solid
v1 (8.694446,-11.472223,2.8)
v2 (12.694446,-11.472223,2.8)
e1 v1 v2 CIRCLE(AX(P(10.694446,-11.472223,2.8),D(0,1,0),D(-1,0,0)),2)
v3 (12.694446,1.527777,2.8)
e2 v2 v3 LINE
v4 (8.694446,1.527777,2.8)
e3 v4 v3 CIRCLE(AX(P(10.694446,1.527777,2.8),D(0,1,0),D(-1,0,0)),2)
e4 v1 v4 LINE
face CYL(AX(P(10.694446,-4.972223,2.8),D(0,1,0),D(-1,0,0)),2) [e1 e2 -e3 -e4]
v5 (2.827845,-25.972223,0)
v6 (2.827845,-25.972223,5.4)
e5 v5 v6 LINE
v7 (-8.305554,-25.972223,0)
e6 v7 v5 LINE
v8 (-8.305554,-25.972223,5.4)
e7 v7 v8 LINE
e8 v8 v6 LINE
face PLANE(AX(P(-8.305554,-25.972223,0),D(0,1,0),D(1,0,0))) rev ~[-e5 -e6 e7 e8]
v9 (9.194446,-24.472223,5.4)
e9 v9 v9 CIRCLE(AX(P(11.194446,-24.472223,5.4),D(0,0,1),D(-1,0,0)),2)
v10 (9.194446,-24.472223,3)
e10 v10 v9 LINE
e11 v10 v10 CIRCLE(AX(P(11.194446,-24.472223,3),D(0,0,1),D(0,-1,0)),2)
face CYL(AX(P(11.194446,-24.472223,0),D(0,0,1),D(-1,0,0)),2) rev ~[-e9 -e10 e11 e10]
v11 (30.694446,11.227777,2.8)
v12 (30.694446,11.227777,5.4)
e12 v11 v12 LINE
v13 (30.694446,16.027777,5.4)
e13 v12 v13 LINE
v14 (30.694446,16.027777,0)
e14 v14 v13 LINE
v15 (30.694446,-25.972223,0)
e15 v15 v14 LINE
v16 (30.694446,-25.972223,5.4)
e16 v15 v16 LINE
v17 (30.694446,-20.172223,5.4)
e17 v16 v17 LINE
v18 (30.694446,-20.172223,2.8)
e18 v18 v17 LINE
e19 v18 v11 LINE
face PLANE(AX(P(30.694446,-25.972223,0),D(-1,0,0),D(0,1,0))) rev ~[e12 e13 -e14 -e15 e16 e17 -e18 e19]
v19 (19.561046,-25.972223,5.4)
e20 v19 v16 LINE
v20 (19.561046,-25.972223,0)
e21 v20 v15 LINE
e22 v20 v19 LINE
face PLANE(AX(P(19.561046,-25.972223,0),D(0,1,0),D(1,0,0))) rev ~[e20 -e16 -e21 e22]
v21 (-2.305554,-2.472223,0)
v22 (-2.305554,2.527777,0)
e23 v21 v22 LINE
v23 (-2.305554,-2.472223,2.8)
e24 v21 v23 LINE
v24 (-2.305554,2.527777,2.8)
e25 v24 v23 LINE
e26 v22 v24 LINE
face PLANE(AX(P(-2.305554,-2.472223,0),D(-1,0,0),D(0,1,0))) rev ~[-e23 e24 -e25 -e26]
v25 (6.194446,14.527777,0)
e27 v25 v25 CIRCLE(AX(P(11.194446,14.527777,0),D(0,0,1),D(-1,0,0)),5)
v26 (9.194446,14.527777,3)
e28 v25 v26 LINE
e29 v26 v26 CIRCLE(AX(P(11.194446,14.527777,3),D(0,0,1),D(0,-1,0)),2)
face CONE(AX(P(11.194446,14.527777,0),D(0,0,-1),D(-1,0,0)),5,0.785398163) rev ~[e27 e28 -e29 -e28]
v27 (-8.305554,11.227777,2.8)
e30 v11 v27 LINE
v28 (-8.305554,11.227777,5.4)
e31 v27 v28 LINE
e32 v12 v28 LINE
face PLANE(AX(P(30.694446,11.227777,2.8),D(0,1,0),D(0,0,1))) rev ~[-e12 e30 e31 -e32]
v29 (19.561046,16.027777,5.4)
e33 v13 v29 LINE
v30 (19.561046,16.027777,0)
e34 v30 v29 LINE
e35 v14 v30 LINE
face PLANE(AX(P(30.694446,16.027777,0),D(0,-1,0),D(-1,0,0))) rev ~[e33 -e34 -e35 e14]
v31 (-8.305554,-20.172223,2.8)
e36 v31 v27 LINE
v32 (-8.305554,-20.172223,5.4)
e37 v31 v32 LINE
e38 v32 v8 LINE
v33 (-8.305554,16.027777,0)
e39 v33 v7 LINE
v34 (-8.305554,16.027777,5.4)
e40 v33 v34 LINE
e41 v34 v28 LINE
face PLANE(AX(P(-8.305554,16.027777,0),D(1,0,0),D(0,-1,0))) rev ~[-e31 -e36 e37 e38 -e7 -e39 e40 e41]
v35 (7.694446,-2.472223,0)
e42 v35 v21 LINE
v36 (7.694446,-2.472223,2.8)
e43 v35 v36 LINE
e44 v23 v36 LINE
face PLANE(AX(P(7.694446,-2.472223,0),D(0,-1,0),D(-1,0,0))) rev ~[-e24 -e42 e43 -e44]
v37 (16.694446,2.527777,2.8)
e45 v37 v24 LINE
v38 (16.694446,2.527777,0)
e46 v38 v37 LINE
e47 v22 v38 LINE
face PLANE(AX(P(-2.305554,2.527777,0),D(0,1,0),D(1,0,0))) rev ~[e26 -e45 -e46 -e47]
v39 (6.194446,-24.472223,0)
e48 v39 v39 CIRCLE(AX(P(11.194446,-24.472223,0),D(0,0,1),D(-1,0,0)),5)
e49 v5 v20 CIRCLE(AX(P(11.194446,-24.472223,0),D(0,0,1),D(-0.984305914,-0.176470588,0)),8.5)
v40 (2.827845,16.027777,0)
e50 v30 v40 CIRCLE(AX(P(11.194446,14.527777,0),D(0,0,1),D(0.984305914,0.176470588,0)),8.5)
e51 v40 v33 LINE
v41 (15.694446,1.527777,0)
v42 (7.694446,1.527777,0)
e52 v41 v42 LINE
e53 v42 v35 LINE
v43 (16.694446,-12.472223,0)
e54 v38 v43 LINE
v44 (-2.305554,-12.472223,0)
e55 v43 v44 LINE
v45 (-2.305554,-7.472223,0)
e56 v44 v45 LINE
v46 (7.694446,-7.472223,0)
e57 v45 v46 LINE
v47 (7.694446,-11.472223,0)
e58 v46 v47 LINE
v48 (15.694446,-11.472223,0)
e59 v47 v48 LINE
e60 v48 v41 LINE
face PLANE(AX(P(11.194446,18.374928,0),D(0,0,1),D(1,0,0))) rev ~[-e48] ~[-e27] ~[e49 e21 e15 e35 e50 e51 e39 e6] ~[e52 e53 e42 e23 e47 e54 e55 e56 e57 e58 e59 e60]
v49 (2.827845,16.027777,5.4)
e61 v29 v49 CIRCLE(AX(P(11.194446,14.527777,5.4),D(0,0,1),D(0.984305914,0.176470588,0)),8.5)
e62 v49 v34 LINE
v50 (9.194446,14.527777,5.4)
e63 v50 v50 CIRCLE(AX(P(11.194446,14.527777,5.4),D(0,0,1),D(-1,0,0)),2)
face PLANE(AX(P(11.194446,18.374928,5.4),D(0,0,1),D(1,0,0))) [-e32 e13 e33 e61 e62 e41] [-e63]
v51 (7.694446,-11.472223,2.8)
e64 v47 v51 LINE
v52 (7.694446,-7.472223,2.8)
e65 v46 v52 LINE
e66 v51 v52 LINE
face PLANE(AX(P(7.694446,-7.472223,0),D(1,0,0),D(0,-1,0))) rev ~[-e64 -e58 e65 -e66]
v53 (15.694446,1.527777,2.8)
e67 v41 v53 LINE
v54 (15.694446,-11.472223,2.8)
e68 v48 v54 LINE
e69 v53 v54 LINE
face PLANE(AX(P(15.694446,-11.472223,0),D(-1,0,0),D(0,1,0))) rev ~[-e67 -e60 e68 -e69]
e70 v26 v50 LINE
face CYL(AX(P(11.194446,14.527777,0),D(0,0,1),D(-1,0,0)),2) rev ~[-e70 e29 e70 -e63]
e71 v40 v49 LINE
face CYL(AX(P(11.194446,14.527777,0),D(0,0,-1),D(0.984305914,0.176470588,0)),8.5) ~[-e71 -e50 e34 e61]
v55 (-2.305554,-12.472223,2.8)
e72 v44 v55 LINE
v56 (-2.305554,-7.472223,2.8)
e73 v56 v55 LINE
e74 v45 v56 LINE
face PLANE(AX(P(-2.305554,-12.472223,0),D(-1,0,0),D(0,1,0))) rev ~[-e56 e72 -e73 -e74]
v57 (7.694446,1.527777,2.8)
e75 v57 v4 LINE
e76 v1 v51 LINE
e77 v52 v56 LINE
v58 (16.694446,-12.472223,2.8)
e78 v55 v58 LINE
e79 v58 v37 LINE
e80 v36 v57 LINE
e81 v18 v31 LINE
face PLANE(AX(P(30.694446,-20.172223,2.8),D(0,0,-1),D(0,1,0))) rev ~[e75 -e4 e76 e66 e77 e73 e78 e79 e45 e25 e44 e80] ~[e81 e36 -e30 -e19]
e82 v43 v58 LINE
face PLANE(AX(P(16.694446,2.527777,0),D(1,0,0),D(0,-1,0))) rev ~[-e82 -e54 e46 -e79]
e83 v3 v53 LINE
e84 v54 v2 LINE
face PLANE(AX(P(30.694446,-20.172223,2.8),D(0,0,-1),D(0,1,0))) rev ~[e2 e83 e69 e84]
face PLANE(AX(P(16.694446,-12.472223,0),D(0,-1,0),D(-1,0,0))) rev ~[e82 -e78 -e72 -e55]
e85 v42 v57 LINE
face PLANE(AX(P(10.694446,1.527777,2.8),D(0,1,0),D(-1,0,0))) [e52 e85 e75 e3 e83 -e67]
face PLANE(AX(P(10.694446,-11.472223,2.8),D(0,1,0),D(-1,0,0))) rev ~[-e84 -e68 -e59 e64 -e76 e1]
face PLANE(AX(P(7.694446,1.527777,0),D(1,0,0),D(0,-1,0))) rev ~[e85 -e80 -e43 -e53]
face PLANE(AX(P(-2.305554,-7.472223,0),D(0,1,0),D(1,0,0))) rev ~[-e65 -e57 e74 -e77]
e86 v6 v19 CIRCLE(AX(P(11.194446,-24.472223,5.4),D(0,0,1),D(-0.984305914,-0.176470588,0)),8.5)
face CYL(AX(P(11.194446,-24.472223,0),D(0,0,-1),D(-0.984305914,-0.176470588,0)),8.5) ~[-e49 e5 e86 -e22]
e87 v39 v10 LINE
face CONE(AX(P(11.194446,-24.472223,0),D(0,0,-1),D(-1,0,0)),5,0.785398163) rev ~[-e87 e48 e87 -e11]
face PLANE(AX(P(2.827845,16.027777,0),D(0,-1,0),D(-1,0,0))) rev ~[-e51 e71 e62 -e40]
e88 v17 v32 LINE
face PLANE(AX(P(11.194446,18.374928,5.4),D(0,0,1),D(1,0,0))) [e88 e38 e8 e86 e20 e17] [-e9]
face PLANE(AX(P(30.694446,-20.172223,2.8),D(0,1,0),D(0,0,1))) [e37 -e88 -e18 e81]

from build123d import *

# Parameters (mm, degrees)
F1_DEPTH       = 5.4
F2_W           = 31.4
F2_H           = 2.6
F3_DEPTH       = 40
F4_W           = 2
F4_H           = 13
F6_D           = 4
F6_CSINK_D     = 10
F6_CSINK_ANGLE = 90


with BuildPart() as f1:
    # F0 (on Top) → F1 (new body)
    with BuildSketch(Plane.XY):
        with BuildLine():
            ThreePointArc((19.5610458605, 16.0277770907), (11.1944455951, 23.0277770907), (2.8278453298, 16.0277770907))
            Line((2.8278453298, 16.0277770907), (19.5610458605, 16.0277770907))
        make_face()
        with BuildLine():
            Line((19.5610458605, -25.9722229093), (2.8278453298, -25.9722229093))
            ThreePointArc((2.8278453298, -25.9722229093), (11.1944455951, -32.9722229093), (19.5610458605, -25.9722229093))
        make_face()
        with BuildLine():
            Line((2.8278453298, 16.0277770907), (-8.3055544049, 16.0277770907))
            Line((-8.3055544049, 16.0277770907), (-8.3055544049, -25.9722229093))
            Line((-8.3055544049, -25.9722229093), (2.8278453298, -25.9722229093))
            ThreePointArc((2.8278453298, -25.9722229093), (10.4414855216, -16.0056385255), (19.6944455951, -24.4722229093))
            ThreePointArc((19.6944455951, -24.4722229093), (19.6610299789, -25.2251829828), (19.5610458605, -25.9722229093))
            Line((19.5610458605, -25.9722229093), (30.6944455951, -25.9722229093))
            Line((30.6944455951, -25.9722229093), (30.6944455951, 16.0277770907))
            Line((30.6944455951, 16.0277770907), (19.5610458605, 16.0277770907))
            ThreePointArc((19.5610458605, 16.0277770907), (19.6610299789, 15.2807371642), (19.6944455951, 14.5277770907))
            ThreePointArc((19.6944455951, 14.5277770907), (10.4414855216, 6.0611927069), (2.8278453298, 16.0277770907))
        make_face()
        Polygon((7.6944455951, -7.4722229093), (7.6944455951, -2.4722229093), (-2.3055544049, -2.4722229093), (-2.3055544049, 2.5277770907), (7.6944455951, 2.5277770907), (16.6944455951, 2.5277770907), (16.6944455951, 1.5277770907), (16.6944455951, -11.4722229093), (16.6944455951, -12.4722229093), (7.6944455951, -12.4722229093), (-2.3055544049, -12.4722229093), (-2.3055544049, -7.4722229093), align=None, mode=Mode.SUBTRACT)
        with BuildLine():
            ThreePointArc((19.6944455951, -24.4722229093), (10.4414855216, -16.0056385255), (2.8278453298, -25.9722229093))
            Line((2.8278453298, -25.9722229093), (19.5610458605, -25.9722229093))
            ThreePointArc((19.5610458605, -25.9722229093), (19.6610299789, -25.2251829828), (19.6944455951, -24.4722229093))
        make_face()
        with BuildLine():
            Line((19.5610458605, 16.0277770907), (2.8278453298, 16.0277770907))
            ThreePointArc((2.8278453298, 16.0277770907), (10.4414855216, 6.0611927069), (19.6944455951, 14.5277770907))
            ThreePointArc((19.6944455951, 14.5277770907), (19.6610299789, 15.2807371642), (19.5610458605, 16.0277770907))
        make_face()
        Polygon((15.6944455951, 1.5277770907), (7.6944455951, 1.5277770907), (7.6944455951, -2.4722229093), (7.6944455951, -7.4722229093), (7.6944455951, -11.4722229093), (15.6944455951, -11.4722229093), align=None)
    extrude(amount=F1_DEPTH)

    # F2 (on face) → F3 (cut)
    with BuildSketch(Plane.YZ.offset(30.6944455951)):
        with Locations((-4.4722229093, 4.1)):
            Rectangle(F2_W, F2_H)
    extrude(amount=-F3_DEPTH, mode=Mode.SUBTRACT)

    # F4 (on face) → F5 (revolve)
    with BuildSketch(Plane.XY.offset(2.8)):
        with Locations((9.6944455951, -4.9722229093)):
            Rectangle(F4_W, F4_H)
    revolve(axis=Axis((10.6944455951, -4.9722229093, 2.8), (0, 1, 0)))

    # F6 (through all)
    with Locations(Plane(origin=(0, 0, 0), x_dir=(1, 0, 0), z_dir=(0, 0, -1))):
        with Locations((11.1944455951, 24.4722229093), (11.1944455951, -14.5277770907)):
            CounterSinkHole(F6_D / 2, F6_CSINK_D / 2, counter_sink_angle=F6_CSINK_ANGLE)


solid = f1.part
